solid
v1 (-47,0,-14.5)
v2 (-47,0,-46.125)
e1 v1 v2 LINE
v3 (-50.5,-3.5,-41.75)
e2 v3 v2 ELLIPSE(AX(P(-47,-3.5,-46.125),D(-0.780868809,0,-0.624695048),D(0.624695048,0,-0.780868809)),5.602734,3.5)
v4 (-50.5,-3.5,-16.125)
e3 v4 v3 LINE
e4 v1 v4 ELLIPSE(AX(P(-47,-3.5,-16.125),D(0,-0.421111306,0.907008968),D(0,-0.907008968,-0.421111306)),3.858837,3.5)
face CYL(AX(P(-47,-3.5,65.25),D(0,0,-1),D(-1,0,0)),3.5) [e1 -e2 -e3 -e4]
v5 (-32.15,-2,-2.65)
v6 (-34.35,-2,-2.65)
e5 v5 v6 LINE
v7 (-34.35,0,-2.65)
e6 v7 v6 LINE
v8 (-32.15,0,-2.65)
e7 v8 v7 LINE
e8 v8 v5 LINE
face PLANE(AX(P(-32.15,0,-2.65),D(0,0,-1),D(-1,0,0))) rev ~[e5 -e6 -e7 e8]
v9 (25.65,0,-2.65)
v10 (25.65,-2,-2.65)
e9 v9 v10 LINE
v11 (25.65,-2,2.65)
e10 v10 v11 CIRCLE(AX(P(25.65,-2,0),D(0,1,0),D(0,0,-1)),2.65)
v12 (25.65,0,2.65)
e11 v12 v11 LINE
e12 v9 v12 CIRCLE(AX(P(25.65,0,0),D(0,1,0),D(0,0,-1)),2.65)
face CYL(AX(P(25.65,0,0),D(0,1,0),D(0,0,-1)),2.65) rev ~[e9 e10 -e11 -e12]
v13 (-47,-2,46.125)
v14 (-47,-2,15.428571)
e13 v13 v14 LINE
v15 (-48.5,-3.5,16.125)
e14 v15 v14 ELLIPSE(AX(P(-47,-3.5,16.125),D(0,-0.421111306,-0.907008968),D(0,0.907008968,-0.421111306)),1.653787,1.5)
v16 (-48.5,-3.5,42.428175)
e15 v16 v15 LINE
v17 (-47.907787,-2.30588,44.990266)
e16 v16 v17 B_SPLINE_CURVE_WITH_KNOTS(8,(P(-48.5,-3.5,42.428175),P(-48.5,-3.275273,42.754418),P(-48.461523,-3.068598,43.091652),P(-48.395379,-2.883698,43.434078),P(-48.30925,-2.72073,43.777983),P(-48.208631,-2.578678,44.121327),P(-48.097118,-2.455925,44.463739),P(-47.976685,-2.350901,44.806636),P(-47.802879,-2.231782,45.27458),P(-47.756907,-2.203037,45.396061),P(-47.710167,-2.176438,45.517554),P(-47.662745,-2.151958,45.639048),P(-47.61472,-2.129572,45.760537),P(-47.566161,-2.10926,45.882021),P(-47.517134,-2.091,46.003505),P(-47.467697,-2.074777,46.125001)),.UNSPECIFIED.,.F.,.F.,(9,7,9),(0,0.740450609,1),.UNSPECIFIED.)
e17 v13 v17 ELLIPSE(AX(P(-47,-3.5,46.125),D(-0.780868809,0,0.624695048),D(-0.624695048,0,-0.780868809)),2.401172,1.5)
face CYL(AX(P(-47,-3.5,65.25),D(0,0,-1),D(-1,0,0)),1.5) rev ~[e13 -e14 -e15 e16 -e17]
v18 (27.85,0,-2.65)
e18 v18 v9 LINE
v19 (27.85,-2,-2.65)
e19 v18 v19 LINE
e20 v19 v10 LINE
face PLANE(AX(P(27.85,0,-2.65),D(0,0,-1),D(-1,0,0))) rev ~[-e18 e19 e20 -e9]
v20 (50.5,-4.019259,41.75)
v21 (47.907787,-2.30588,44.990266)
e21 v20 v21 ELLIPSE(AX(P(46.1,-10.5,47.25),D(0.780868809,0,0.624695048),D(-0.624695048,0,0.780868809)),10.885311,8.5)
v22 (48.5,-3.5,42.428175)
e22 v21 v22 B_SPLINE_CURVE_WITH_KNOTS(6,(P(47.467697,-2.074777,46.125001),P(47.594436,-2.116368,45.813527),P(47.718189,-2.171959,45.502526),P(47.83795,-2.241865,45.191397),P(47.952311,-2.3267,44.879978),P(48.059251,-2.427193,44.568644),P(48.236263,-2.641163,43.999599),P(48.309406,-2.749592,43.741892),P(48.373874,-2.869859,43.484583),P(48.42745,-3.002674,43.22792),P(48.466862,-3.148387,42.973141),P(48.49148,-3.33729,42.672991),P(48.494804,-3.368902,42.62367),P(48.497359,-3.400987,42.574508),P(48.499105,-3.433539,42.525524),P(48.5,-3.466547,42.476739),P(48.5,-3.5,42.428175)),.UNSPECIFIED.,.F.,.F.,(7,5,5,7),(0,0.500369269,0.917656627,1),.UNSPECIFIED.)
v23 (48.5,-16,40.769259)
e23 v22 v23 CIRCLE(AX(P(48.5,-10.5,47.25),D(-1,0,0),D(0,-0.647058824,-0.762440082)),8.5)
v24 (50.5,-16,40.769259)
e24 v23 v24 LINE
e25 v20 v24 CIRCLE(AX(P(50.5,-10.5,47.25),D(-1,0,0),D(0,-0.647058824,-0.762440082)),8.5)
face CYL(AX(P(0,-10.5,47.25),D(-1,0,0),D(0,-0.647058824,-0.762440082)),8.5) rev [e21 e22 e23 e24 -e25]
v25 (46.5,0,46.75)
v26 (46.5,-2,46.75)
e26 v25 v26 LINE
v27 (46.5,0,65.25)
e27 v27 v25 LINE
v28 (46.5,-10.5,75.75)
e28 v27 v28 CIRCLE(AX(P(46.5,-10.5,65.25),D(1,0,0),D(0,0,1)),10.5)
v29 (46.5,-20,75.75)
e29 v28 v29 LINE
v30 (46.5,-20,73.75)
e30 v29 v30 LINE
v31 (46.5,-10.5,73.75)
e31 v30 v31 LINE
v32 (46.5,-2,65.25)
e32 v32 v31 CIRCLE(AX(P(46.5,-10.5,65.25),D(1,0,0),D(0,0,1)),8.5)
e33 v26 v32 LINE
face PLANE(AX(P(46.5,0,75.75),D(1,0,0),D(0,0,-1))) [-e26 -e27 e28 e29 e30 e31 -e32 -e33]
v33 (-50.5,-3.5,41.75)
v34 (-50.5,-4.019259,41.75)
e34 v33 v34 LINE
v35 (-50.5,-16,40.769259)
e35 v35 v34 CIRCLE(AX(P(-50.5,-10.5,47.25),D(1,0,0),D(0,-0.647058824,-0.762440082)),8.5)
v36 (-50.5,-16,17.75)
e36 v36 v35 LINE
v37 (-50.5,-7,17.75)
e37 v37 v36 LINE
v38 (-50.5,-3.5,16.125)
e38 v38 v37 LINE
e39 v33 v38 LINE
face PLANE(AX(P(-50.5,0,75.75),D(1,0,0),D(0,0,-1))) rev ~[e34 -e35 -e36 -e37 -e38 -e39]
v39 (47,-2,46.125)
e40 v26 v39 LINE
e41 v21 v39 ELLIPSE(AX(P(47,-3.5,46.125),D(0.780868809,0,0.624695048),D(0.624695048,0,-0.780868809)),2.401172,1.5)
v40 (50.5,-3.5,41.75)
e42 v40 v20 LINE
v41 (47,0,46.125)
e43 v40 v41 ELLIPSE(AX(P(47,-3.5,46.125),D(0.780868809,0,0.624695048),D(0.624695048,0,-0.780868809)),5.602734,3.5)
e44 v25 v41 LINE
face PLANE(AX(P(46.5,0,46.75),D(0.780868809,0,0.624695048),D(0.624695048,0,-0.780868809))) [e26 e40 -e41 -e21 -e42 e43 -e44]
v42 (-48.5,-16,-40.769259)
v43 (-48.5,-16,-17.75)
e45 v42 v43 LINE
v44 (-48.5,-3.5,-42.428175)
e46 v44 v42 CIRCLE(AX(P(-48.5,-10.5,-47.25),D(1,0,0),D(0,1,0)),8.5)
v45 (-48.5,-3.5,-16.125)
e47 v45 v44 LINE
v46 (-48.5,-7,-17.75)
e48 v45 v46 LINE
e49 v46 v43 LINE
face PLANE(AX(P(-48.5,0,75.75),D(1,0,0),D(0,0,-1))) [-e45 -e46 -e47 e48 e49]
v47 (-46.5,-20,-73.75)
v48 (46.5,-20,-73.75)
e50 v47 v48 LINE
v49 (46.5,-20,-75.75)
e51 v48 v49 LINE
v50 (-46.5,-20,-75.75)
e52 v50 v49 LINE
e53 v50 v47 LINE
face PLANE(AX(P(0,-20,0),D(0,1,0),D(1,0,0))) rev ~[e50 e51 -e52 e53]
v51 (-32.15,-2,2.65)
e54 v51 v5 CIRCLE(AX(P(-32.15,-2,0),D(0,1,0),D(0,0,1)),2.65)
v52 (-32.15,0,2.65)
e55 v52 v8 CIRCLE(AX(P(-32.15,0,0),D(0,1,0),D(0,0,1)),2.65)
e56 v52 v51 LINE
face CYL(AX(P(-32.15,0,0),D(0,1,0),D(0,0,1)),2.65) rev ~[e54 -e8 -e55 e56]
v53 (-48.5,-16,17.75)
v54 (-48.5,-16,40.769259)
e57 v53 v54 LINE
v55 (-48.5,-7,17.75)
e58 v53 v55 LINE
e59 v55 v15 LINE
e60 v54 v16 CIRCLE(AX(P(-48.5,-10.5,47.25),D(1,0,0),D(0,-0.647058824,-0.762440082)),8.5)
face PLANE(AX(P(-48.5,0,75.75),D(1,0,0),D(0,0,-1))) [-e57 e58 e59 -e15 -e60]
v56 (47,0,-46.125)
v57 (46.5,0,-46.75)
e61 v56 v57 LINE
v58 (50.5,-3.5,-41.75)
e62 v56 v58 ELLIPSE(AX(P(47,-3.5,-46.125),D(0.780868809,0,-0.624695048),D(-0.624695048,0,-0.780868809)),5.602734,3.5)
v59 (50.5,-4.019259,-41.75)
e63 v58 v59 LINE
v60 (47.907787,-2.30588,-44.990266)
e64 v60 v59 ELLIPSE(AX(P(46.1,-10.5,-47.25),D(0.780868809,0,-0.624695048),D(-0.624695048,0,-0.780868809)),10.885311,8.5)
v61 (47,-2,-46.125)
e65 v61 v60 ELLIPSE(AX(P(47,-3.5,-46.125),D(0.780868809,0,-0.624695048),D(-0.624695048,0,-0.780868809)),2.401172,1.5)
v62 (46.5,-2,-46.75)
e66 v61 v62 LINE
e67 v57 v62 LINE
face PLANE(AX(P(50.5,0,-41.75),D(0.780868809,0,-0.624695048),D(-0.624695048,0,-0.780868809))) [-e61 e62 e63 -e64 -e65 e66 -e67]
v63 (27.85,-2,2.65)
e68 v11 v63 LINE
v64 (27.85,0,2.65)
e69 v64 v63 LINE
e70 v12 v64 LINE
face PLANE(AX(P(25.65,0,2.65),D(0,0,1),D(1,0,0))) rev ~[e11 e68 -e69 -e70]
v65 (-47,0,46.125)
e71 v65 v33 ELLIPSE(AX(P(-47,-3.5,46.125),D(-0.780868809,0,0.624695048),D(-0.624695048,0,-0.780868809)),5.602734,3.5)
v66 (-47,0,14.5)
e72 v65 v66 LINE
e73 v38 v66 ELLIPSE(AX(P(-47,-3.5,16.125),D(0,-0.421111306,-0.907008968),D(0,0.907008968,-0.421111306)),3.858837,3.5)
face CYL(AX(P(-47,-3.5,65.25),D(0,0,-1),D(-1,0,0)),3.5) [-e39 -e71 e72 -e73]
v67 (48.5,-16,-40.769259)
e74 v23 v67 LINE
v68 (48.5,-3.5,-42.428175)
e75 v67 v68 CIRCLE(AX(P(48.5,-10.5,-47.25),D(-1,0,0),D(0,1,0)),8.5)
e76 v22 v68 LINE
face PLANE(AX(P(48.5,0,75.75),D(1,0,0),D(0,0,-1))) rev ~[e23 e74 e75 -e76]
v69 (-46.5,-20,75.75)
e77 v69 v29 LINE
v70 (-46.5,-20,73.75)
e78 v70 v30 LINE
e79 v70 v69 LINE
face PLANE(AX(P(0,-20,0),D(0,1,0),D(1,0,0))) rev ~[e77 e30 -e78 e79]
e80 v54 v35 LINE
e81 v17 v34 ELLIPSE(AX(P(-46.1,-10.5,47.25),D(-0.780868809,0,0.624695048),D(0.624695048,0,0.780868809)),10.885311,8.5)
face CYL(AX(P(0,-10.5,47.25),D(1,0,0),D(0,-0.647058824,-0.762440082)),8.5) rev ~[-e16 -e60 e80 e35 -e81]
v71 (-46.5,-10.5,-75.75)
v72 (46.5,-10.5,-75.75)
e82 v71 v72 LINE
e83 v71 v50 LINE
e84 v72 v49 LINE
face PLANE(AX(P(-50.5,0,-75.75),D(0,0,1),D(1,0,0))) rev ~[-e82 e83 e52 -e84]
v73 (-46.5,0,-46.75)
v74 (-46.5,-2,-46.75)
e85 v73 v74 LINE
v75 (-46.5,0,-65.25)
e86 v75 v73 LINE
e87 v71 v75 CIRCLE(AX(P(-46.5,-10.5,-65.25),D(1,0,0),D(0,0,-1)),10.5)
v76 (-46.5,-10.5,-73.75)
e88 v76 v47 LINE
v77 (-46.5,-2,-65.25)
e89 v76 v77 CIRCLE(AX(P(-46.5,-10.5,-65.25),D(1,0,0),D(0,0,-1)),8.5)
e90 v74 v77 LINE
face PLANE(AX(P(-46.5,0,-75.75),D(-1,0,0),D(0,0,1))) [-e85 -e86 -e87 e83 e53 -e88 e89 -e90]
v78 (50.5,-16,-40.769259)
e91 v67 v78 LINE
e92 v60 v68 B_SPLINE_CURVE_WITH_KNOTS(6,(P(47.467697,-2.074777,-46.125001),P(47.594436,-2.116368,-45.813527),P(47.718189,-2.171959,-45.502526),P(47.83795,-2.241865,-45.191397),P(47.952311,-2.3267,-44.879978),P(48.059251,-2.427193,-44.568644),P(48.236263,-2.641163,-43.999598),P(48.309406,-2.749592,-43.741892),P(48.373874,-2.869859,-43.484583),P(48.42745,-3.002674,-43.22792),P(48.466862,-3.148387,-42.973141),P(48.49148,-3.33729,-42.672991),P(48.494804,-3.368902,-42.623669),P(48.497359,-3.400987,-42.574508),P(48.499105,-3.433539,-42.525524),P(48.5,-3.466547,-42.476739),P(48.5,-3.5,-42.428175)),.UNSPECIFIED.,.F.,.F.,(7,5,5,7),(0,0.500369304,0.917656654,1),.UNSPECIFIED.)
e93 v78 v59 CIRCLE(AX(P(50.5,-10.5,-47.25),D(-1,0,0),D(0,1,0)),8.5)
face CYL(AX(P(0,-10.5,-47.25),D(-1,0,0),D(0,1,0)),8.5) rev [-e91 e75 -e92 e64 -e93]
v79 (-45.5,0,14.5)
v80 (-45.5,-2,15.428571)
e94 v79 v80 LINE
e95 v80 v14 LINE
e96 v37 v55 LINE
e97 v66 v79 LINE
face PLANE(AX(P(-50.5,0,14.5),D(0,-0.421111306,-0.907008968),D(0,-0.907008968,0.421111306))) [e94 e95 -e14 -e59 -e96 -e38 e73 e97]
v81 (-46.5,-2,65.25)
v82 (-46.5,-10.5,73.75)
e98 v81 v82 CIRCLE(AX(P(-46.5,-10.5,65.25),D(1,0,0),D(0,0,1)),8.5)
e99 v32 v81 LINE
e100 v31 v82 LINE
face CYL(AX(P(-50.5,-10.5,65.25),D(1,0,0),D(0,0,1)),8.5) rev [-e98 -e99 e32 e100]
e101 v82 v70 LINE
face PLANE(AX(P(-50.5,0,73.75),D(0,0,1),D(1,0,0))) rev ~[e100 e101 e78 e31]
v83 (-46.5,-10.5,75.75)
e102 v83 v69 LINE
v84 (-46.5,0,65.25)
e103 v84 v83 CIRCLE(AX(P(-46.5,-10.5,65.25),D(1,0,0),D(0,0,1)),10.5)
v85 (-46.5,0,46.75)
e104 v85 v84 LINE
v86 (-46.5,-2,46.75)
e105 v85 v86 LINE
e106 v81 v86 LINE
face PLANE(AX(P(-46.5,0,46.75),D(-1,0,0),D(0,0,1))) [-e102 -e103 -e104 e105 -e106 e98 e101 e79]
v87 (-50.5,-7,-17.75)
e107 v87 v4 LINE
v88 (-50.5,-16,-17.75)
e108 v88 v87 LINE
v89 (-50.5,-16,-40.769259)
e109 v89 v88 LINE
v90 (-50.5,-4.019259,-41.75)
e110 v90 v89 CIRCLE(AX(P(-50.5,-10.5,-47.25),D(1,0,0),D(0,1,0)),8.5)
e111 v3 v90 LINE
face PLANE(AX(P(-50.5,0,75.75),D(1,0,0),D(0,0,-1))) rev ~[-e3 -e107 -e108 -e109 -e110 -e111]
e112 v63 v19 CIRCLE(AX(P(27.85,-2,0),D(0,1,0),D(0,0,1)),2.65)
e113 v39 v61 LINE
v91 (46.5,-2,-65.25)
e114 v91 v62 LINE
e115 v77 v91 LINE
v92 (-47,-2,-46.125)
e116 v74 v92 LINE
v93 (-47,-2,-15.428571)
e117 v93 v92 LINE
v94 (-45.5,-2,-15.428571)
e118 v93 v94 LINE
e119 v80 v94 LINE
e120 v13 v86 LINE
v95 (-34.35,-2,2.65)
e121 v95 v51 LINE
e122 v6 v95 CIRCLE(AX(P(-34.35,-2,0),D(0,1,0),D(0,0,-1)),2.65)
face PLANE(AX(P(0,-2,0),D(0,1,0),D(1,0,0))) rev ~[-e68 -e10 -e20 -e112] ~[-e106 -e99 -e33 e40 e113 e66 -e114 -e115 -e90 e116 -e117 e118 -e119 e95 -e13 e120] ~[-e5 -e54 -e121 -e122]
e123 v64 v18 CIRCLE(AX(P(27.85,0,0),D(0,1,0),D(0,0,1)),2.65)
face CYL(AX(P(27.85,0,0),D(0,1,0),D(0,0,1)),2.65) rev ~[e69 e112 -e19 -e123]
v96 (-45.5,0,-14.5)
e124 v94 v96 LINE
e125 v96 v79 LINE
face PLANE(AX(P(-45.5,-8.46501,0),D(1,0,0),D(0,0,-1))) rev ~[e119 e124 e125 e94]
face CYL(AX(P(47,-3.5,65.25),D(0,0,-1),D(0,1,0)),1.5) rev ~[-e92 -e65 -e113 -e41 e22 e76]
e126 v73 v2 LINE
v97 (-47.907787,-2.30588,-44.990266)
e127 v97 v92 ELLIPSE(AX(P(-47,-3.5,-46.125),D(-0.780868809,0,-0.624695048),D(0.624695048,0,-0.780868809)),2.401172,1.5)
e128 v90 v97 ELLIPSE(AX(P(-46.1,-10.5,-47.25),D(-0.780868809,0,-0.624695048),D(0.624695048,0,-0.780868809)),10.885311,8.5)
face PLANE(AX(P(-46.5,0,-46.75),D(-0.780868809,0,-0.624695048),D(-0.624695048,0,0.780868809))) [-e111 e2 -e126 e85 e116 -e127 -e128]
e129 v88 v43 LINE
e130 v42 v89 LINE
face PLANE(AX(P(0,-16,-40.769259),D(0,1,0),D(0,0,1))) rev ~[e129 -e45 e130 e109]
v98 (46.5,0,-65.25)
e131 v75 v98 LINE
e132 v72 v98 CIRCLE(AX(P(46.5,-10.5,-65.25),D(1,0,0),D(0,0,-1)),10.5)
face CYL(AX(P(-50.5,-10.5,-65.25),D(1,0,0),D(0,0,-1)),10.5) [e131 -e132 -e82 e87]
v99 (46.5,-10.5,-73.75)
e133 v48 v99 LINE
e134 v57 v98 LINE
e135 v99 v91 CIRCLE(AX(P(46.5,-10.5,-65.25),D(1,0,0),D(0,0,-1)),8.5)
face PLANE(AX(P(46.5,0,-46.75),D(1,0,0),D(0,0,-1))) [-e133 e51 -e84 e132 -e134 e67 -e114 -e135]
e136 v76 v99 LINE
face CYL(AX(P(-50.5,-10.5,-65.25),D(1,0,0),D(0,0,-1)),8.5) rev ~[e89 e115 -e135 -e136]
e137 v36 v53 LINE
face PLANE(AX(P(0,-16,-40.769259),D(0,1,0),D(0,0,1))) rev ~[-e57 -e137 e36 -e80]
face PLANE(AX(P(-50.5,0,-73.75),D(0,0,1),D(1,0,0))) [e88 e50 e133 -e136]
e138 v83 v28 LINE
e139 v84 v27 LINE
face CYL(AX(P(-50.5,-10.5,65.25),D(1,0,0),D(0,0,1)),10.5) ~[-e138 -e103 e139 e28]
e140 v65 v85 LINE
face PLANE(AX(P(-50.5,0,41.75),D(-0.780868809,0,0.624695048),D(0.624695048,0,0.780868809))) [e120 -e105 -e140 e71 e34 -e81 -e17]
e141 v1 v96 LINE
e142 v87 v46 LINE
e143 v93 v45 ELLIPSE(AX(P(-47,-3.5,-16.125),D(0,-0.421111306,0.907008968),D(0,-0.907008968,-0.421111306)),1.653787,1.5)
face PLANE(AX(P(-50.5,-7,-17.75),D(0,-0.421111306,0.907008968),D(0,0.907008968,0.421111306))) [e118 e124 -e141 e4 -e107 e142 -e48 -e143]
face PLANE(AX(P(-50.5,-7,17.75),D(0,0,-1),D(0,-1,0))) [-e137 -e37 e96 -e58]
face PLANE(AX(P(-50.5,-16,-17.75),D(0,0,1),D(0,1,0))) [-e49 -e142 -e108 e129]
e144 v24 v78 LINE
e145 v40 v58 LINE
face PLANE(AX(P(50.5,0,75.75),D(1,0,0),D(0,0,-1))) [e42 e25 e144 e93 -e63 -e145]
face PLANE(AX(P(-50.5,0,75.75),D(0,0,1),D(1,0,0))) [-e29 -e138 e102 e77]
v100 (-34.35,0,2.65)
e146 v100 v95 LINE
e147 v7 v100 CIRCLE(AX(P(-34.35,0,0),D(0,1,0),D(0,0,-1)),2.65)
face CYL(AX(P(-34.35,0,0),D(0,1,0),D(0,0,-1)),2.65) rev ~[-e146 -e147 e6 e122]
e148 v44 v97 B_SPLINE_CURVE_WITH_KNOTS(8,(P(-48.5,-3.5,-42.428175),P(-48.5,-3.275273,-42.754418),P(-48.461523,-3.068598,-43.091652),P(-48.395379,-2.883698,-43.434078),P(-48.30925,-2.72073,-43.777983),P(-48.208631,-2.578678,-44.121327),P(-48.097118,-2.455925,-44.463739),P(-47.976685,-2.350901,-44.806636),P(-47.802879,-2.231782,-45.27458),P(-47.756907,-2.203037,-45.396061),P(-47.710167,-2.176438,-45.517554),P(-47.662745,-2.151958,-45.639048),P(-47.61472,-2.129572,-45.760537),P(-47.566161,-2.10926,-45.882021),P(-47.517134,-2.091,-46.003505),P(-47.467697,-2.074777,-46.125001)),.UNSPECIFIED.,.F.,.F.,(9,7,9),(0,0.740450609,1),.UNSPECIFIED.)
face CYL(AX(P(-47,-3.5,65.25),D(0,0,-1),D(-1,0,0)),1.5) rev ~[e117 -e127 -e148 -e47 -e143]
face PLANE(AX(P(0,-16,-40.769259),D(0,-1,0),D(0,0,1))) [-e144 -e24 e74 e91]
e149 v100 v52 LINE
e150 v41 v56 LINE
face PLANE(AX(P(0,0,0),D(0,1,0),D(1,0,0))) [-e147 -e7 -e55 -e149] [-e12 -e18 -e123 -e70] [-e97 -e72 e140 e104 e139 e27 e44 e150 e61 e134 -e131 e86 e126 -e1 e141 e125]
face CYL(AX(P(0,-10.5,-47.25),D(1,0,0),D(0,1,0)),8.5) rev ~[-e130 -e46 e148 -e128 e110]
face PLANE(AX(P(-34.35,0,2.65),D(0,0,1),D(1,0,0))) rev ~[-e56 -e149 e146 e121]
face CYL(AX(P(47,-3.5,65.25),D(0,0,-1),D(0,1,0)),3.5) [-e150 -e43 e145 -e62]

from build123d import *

# Parameters (mm, degrees)
ESQUISSE1_W                  = 101
ESQUISSE1_H                  = 151.5
EXTRUSION1_DEPTH             = 20
CONG_2_R                     = 10.5
CONG_3_R                     = 3.5
COQUE1_T                     = -2
ENL_V_MAT_EXTRU_4_DEPTH      = 21
ENL_V_MAT_EXTRU_1_DEPTH      = 51.5
ENL_V_MAT_EXTRU_1_DEPTH_BACK = 51.5
ENL_V_MAT_EXTRU_2_DEPTH      = 5
ENL_V_MAT_EXTRU_5_DEPTH      = 21


with BuildPart() as part:
    # Esquisse1 → Extrusion1 (new body)
    with BuildSketch(Plane(origin=(0, 0, 0), x_dir=(1, 0, 0), z_dir=(0, 1, 0))):
        Rectangle(ESQUISSE1_W, ESQUISSE1_H)
    extrude(amount=-EXTRUSION1_DEPTH)

    # Congé2
    cong_2_edges = [part.edges().sort_by_distance(p)[0] for p in [
        (0, 0, -75.75),
        (0, 0, 75.75),
    ]]
    fillet(cong_2_edges, radius=CONG_2_R)

    # Congé3
    cong_3_edges = [part.edges().sort_by_distance(p)[0] for p in [
        (-50.5, 0, 0),
        (50.5, 0, 0),
        (-50.5, -3.075378798, 72.674621202),
        (-50.5, -3.075378798, -72.674621202),
        (50.5, -3.075378798, 72.674621202),
        (50.5, -3.075378798, -72.674621202),
        (-50.5, -15.25, -75.75),
        (50.5, -15.25, -75.75),
        (50.5, -15.25, 75.75),
        (-50.5, -15.25, 75.75),
    ]]
    fillet(cong_3_edges, radius=CONG_3_R)

    # Coque1
    coque1_openings = [part.faces().sort_by_distance(p)[0] for p in [
        (0, -20, 0),
    ]]
    offset(amount=COQUE1_T, openings=coque1_openings, kind=Kind.INTERSECTION)

    # Esquisse5 → Enlèv. mat.-Extru.4 (cut, through all)
    with BuildSketch(Plane(origin=(0, 0, 0), x_dir=(-1, 0, 0), z_dir=(0, 1, 0))):
        Polygon((-46.5, -75.75), (-50.5, -75.75), (-50.5, -41.75), (-46.5, -46.75), align=None)
        Polygon((-46.5, 46.75), (-50.5, 41.75), (-50.5, 75.75), (-46.5, 75.75), align=None)
        Polygon((46.5, 75.75), (50.5, 75.75), (50.5, 41.75), (46.5, 46.75), align=None)
        Polygon((46.5, -46.75), (50.5, -41.75), (50.5, -75.75), (46.5, -75.75), align=None)
    extrude(amount=-ENL_V_MAT_EXTRU_4_DEPTH, mode=Mode.SUBTRACT)

    # Esquisse2 → Enlèv. mat.-Extru.1 (cut, two sides)
    with BuildSketch(Plane(origin=(0, 0, 0), x_dir=(0, 0, -1), z_dir=(1, 0, 0))) as enl_v_mat_extru_1_sk:
        with BuildLine():
            Line((-73.75, -10.5), (-73.75, -20))
            Line((-73.75, -20), (73.75, -20))
            Line((73.75, -20), (73.75, -10.5))
            ThreePointArc((73.75, -10.5), (71.26040764, -4.48959236), (65.25, -2))
            Line((65.25, -2), (47.25, -2))
            ThreePointArc((47.25, -2), (39.53637569, -6.929285786), (40.769259302, -16))
            Line((40.769259302, -16), (-40.769259302, -16))
            ThreePointArc((-40.769259302, -16), (-39.53637569, -6.929285786), (-47.25, -2))
            Line((-47.25, -2), (-65.25, -2))
            ThreePointArc((-65.25, -2), (-71.26040764, -4.48959236), (-73.75, -10.5))
        make_face()
    extrude(amount=ENL_V_MAT_EXTRU_1_DEPTH, mode=Mode.SUBTRACT)
    extrude(enl_v_mat_extru_1_sk.sketch, amount=-ENL_V_MAT_EXTRU_1_DEPTH_BACK, mode=Mode.SUBTRACT)

    # Esquisse3 → Enlèv. mat.-Extru.2 (cut)
    with BuildSketch(Plane.ZY.offset(50.5)):
        Polygon((-17.75, -16), (-17.75, -7), (-14.5, 0), (14.5, 0), (17.75, -7), (17.75, -16), align=None)
    extrude(amount=-ENL_V_MAT_EXTRU_2_DEPTH, mode=Mode.SUBTRACT)

    # Esquisse6 → Enlèv. mat.-Extru.5 (cut, through all)
    with BuildSketch(Plane(origin=(0, 0, 0), x_dir=(-1, 0, 0), z_dir=(0, 1, 0))):
        with BuildLine():
            Line((-25.65, 2.65), (-27.85, 2.65))
            ThreePointArc((-27.85, 2.65), (-30.5, 0), (-27.85, -2.65))
            Line((-27.85, -2.65), (-25.65, -2.65))
            ThreePointArc((-25.65, -2.65), (-23, 0), (-25.65, 2.65))
        make_face()
        with BuildLine():
            Line((32.15, -2.65), (34.35, -2.65))
            ThreePointArc((34.35, -2.65), (37, 0), (34.35, 2.65))
            Line((34.35, 2.65), (32.15, 2.65))
            ThreePointArc((32.15, 2.65), (29.5, 0), (32.15, -2.65))
        make_face()
    extrude(amount=-ENL_V_MAT_EXTRU_5_DEPTH, mode=Mode.SUBTRACT)


solid = part.part
